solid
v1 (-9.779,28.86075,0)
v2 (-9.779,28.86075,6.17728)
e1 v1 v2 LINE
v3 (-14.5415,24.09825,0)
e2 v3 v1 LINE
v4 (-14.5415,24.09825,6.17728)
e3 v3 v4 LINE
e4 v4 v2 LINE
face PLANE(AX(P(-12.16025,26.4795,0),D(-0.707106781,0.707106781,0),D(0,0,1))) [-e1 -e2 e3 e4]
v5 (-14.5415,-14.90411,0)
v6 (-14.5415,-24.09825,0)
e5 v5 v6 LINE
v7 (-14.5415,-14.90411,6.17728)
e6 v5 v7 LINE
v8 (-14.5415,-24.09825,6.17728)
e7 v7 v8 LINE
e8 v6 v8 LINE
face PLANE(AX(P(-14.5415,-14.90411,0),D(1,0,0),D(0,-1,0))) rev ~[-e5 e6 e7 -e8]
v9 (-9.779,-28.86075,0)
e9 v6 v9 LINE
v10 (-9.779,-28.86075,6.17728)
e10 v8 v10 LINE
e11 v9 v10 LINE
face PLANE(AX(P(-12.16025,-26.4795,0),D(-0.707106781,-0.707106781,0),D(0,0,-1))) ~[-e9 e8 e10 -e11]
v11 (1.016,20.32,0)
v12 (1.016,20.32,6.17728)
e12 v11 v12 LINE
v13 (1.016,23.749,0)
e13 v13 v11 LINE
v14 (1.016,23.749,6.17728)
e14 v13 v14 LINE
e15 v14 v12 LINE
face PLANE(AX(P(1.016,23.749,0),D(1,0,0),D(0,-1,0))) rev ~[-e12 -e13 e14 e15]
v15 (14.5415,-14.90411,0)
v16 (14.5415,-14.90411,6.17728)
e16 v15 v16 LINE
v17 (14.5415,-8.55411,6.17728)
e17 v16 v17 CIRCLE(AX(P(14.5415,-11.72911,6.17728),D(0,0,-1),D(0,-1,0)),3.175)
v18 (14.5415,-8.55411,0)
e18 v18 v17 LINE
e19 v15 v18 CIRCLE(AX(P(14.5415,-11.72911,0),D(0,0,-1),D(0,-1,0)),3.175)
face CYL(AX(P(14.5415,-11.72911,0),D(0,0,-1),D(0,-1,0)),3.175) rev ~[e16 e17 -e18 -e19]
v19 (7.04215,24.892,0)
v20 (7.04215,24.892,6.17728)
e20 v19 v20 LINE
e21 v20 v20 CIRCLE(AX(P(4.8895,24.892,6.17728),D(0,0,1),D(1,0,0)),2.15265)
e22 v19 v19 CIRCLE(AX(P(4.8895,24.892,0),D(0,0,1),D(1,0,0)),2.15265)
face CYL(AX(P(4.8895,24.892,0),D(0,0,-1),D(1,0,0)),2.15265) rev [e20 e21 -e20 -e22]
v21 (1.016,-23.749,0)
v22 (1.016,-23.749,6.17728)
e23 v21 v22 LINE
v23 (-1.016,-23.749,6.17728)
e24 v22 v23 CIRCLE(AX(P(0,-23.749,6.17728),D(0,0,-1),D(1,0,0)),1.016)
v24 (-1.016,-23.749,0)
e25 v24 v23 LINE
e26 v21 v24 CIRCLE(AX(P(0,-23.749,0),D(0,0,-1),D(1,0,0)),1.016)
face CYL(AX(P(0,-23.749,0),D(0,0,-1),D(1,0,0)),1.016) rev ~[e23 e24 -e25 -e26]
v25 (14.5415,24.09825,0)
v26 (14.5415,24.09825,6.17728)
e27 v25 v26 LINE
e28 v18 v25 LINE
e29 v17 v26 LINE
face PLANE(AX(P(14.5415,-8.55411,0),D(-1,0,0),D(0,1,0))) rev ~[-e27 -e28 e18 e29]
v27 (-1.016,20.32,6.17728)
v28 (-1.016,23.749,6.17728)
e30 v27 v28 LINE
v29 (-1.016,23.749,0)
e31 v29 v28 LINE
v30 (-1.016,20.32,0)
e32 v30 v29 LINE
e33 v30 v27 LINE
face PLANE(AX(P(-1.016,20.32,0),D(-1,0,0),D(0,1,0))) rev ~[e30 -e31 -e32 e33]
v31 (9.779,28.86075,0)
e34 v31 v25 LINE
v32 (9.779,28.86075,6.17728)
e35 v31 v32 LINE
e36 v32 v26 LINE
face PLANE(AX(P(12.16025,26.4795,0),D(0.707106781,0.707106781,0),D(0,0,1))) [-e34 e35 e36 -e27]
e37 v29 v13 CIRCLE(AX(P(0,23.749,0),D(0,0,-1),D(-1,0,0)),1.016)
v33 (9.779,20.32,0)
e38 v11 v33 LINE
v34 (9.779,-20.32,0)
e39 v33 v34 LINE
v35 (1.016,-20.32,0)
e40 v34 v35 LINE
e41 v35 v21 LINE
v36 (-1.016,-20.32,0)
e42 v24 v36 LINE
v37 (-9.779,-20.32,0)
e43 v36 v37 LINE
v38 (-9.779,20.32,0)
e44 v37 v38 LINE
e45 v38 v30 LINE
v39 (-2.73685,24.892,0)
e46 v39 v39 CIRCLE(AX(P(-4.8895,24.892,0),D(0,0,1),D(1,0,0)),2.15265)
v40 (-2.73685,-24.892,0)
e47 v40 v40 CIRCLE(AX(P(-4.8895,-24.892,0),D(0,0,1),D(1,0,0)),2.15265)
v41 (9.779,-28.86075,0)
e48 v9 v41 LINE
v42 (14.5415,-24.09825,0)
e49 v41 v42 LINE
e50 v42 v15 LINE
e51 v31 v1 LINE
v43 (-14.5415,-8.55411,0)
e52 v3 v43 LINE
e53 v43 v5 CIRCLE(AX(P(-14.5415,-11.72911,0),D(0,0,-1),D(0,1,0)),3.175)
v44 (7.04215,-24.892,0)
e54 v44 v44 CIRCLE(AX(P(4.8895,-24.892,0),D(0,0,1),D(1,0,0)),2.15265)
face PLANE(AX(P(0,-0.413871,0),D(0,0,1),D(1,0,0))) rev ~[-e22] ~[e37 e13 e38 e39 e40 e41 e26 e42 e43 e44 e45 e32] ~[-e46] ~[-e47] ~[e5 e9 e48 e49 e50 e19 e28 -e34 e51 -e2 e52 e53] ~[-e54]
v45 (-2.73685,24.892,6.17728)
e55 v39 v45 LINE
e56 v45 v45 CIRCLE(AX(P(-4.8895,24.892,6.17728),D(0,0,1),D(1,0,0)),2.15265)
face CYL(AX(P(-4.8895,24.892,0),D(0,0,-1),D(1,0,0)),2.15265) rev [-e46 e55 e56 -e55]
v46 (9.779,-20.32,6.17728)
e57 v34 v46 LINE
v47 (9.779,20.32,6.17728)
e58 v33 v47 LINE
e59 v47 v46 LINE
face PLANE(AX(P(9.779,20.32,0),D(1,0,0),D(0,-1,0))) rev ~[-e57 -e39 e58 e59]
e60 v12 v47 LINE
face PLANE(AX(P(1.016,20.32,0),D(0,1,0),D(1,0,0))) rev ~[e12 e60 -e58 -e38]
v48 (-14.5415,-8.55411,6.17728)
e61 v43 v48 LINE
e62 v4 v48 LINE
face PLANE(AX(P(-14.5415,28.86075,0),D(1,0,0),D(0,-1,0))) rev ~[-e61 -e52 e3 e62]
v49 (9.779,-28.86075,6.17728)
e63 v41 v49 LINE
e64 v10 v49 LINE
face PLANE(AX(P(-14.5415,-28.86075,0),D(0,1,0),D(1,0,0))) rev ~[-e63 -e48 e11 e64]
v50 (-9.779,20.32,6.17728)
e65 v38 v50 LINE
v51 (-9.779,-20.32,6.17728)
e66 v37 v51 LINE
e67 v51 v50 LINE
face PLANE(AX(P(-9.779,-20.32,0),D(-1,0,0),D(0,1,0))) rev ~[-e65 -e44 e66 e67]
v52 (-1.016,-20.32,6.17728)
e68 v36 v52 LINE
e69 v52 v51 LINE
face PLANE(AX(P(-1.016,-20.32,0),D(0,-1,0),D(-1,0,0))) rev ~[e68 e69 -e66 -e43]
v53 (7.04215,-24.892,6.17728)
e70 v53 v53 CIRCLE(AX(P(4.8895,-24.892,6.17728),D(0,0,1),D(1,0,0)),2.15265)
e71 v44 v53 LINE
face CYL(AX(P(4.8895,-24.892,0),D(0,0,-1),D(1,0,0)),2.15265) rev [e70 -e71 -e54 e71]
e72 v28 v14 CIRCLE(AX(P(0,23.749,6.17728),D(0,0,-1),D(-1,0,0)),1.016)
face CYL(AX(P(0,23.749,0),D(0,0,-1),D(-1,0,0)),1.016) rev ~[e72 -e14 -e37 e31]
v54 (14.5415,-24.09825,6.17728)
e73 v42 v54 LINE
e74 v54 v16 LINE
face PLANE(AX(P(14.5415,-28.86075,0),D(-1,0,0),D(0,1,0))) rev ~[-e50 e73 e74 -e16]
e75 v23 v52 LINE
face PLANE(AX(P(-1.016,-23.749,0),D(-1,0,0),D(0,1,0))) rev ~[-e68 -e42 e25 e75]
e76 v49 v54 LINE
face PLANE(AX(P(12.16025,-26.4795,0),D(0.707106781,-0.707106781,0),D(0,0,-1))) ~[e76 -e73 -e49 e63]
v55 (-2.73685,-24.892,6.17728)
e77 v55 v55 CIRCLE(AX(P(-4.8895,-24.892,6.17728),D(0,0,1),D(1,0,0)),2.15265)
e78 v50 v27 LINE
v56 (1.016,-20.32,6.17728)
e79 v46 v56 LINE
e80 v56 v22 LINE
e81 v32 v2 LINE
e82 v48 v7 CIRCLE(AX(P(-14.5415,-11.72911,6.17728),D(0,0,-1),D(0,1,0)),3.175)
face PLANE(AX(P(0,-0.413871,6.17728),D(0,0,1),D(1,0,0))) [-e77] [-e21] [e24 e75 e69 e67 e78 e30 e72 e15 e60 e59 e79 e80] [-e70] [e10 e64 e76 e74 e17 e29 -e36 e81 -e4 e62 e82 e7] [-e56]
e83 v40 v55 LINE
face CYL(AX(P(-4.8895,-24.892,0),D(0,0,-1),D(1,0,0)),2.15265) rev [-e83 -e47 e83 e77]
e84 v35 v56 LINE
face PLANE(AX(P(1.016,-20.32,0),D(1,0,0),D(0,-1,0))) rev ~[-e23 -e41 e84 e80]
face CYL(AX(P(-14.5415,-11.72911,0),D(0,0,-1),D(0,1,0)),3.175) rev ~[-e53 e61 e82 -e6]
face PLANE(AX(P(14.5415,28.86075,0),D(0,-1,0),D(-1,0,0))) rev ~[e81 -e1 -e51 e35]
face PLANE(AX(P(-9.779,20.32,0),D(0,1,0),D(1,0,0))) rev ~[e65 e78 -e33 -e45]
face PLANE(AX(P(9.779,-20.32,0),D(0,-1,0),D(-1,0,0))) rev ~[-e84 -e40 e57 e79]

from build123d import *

# Parameters (mm, degrees)
F0_R     = 2.15265
F1_DEPTH = 6.17728
F2_SIZE  = 4.7625


with BuildPart() as f1:
    # F0 (on Top) → F1 (new body)
    with BuildSketch(Plane.XY):
        with BuildLine():
            ThreePointArc((-14.5415, -8.55411), (-11.3665, -11.72911), (-14.5415, -14.90411))
            Line((-14.5415, -14.90411), (-14.5415, -28.86075))
            Line((-14.5415, -28.86075), (14.5415, -28.86075))
            Line((14.5415, -28.86075), (14.5415, -14.90411))
            ThreePointArc((14.5415, -14.90411), (11.3665, -11.72911), (14.5415, -8.55411))
            Line((14.5415, -8.55411), (14.5415, 28.86075))
            Line((14.5415, 28.86075), (-14.5415, 28.86075))
            Line((-14.5415, 28.86075), (-14.5415, -8.55411))
        make_face()
        with Locations((-4.8895, -24.892)):
            Circle(F0_R, mode=Mode.SUBTRACT)
        with Locations((4.8895, -24.892)):
            Circle(F0_R, mode=Mode.SUBTRACT)
        with Locations((-4.8895, 24.892)):
            Circle(F0_R, mode=Mode.SUBTRACT)
        with BuildLine():
            Line((9.779, 20.32), (9.779, -20.32))
            Line((9.779, -20.32), (1.016, -20.32))
            Line((1.016, -20.32), (1.016, -23.749))
            ThreePointArc((1.016, -23.749), (0, -24.765), (-1.016, -23.749))
            Line((-1.016, -23.749), (-1.016, -20.32))
            Line((-1.016, -20.32), (-9.779, -20.32))
            Line((-9.779, -20.32), (-9.779, 20.32))
            Line((-9.779, 20.32), (-1.016, 20.32))
            Line((-1.016, 20.32), (-1.016, 23.749))
            ThreePointArc((-1.016, 23.749), (0, 24.765), (1.016, 23.749))
            Line((1.016, 23.749), (1.016, 20.32))
            Line((1.016, 20.32), (9.779, 20.32))
        make_face(mode=Mode.SUBTRACT)
        with Locations((4.8895, 24.892)):
            Circle(F0_R, mode=Mode.SUBTRACT)
    extrude(amount=F1_DEPTH)

    # F2
    f2_edges = [f1.edges().sort_by_distance(p)[0] for p in [
        (14.5415, -28.86075, 3.08864),
        (14.5415, 28.86075, 3.08864),
        (-14.5415, 28.86075, 3.08864),
        (-14.5415, -28.86075, 3.08864),
    ]]
    chamfer(f2_edges, length=F2_SIZE)


solid = f1.part
